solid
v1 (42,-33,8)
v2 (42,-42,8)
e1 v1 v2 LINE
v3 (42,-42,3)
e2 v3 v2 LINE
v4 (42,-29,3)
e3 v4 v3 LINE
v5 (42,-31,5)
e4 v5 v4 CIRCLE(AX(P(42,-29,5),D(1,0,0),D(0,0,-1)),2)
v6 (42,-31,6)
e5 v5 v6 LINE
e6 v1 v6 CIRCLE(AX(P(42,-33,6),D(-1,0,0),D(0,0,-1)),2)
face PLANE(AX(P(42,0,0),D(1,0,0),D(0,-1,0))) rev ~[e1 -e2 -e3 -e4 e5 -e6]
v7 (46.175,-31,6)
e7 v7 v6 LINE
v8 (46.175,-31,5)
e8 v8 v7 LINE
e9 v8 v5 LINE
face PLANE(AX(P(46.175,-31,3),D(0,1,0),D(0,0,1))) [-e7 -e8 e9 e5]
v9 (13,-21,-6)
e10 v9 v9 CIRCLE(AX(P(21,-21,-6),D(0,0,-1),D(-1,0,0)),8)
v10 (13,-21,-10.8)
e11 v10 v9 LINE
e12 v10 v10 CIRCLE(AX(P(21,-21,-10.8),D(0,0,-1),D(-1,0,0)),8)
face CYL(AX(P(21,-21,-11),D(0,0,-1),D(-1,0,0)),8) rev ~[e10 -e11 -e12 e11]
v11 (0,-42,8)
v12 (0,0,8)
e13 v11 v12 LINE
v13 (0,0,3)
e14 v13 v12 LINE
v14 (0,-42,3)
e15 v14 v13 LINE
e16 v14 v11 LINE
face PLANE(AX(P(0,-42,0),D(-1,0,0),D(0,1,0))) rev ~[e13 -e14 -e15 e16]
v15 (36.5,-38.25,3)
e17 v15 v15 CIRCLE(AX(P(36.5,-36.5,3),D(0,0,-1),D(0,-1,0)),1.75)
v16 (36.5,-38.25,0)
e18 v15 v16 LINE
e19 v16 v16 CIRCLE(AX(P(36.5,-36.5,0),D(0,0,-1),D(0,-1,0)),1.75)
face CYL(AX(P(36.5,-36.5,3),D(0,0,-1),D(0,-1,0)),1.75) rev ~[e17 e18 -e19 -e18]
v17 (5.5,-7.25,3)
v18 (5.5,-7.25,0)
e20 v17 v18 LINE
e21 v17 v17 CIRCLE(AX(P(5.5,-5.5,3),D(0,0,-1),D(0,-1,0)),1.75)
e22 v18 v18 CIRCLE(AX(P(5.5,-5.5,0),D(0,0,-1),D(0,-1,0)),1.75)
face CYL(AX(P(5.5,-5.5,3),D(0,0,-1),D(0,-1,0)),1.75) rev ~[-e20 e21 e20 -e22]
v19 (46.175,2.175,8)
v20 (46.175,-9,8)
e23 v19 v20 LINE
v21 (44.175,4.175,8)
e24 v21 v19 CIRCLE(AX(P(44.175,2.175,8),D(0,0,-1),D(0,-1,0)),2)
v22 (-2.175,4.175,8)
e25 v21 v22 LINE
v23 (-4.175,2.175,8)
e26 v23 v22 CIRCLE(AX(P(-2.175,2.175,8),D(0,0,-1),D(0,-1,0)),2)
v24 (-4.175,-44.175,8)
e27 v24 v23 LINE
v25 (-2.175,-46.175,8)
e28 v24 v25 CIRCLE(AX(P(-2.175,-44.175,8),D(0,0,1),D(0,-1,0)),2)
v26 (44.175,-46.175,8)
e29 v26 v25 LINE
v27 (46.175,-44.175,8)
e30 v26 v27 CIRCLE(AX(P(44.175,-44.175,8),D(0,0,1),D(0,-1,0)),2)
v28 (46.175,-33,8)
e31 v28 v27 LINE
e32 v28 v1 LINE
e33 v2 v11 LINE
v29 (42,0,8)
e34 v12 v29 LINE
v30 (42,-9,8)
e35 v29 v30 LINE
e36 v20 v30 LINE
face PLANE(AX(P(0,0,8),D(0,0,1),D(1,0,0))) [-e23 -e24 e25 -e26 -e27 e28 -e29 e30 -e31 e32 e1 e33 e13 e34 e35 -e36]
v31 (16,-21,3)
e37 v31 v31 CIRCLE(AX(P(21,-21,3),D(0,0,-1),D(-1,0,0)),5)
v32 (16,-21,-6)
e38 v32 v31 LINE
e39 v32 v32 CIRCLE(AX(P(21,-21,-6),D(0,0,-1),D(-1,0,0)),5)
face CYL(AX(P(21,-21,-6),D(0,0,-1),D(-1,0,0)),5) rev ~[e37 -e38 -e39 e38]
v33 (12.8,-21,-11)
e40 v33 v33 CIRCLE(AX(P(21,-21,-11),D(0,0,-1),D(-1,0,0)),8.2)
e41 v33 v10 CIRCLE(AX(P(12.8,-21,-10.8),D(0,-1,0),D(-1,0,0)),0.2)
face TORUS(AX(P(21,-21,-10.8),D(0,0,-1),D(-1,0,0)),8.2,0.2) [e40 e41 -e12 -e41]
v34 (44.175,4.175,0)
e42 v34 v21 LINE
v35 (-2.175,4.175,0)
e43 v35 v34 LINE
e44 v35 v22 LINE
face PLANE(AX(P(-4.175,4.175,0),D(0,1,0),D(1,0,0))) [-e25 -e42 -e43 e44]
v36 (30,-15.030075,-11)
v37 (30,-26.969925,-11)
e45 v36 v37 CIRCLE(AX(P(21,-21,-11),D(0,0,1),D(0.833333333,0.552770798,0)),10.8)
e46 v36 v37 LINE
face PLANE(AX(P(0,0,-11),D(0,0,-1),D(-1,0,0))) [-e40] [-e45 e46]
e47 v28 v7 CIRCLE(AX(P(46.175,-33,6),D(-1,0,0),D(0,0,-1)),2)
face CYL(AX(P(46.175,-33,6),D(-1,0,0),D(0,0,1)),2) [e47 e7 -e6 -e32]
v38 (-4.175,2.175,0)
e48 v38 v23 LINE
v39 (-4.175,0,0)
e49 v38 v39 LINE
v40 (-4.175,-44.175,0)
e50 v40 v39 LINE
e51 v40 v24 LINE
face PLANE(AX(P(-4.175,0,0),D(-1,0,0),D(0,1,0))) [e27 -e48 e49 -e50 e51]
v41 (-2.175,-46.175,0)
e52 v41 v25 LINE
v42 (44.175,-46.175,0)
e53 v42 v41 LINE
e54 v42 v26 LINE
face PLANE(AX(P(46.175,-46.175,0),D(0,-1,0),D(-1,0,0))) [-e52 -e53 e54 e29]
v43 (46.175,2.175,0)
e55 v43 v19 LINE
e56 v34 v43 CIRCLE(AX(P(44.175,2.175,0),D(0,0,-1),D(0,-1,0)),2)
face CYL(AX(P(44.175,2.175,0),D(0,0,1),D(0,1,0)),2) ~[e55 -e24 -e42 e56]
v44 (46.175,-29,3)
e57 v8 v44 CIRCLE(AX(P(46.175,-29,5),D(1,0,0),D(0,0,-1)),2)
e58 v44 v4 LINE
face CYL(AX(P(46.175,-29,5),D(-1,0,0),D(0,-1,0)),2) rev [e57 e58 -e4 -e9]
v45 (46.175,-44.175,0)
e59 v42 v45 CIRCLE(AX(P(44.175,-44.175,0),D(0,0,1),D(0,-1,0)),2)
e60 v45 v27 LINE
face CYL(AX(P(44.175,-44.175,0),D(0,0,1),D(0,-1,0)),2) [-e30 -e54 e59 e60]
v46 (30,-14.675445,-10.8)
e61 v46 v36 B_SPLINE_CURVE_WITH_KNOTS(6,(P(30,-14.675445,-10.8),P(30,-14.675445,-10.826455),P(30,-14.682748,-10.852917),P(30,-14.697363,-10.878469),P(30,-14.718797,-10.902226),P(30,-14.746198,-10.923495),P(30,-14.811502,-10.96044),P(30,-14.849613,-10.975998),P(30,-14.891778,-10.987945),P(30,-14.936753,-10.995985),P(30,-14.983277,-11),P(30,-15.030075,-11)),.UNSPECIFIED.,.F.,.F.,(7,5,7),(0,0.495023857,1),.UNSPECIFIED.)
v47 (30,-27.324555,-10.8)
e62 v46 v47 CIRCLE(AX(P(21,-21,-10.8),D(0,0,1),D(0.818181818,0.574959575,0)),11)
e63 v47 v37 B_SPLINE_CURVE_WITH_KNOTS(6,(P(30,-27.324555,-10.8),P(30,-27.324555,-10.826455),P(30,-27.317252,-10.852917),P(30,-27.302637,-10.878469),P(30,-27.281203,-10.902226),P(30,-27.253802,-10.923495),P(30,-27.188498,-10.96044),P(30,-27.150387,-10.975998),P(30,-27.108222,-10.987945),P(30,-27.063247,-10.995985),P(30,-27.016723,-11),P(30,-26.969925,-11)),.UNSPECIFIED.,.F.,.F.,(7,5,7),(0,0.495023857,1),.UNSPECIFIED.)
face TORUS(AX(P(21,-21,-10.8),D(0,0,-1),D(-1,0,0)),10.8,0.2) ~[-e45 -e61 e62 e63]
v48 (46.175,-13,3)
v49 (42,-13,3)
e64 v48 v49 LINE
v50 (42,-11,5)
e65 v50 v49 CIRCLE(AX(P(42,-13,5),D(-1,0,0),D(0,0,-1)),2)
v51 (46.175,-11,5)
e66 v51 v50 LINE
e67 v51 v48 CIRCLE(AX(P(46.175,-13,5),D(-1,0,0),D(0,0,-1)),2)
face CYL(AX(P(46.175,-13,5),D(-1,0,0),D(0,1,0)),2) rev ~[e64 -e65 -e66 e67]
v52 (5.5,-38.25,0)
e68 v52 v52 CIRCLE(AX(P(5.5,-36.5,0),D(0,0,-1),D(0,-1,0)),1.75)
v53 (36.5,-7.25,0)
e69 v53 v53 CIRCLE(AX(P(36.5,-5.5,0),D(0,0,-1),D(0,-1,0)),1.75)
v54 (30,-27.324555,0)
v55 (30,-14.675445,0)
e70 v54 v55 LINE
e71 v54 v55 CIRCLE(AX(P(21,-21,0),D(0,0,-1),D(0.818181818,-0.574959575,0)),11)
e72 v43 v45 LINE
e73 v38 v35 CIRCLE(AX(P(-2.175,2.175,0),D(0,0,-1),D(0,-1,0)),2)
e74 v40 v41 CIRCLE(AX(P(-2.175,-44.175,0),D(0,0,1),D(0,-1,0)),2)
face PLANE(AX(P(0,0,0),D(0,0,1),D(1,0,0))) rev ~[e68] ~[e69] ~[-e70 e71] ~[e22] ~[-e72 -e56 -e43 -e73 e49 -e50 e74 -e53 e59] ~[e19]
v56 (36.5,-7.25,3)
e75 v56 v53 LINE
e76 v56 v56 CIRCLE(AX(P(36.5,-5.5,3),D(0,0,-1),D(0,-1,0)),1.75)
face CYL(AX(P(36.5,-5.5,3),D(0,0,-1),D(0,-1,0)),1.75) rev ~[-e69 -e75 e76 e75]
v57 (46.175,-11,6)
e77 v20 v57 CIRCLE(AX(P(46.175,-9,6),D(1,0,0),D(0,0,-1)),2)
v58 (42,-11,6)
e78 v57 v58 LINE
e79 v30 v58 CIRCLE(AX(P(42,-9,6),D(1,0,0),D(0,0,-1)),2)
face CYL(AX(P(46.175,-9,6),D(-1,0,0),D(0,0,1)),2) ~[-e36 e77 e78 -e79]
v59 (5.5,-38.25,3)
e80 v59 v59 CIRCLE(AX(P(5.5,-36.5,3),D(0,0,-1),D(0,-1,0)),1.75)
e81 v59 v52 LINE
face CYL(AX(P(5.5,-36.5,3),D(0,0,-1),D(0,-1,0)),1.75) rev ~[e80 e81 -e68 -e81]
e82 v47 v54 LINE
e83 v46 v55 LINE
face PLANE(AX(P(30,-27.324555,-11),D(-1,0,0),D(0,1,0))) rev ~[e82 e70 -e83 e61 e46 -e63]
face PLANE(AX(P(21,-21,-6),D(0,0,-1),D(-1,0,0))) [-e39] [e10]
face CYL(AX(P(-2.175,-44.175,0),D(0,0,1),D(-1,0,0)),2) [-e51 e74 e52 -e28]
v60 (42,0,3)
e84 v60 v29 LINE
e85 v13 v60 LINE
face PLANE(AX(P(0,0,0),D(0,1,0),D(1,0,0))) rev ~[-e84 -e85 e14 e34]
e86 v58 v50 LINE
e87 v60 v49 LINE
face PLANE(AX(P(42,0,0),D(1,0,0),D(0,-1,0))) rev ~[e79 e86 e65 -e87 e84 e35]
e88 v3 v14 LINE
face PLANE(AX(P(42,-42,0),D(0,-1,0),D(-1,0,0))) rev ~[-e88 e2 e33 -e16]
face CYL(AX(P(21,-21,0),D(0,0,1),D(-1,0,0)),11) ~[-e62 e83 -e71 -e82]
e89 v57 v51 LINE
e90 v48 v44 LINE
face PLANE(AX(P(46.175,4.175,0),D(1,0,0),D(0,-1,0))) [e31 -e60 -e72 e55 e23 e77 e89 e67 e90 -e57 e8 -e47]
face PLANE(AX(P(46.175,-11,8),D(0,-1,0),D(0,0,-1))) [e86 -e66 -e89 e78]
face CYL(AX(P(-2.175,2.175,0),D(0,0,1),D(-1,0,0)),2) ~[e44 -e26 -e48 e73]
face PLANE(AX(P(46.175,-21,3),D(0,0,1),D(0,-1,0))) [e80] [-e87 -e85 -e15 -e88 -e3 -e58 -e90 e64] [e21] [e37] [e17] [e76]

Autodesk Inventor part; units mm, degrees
ref_plane "YZ Plane" through (0, 0, 0) normal (1, 0, 0) x (0, 1, 0)
ref_plane "XZ Plane" through (0, 0, 0) normal (0, 1, 0) x (-1, 0, 0)
ref_plane "XY Plane" through (0, 0, 0) normal (0, 0, 1) x (1, 0, 0)
sketch "Sketch1" plane through (0, 0, 0) normal (0, 0, 1) x (1, 0, 0)
  line L0 (0, 0) -> (42, 0)
  line L1 (42, 0) -> (42, -42)
  line L2 (42, -42) -> (0, -42)
  line L3 (0, -42) -> (0, 0)
  line L4 (0, 0) -> (-1, 0)
  line L5 (-1, 0) -> (-4.175, 0)
  line L6 (-4.175, 0) -> (-4.175, 1)
  line L7 (-4.175, 1) -> (-4.175, 4.175)
  line L8 (-4.175, 4.175) -> (42, 4.175)
  line L9 (42, 4.175) -> (43, 4.175)
  line L10 (43, 4.175) -> (46.175, 4.175)
  line L11 (-4.175, 4.175) -> (46.175, 4.175)
  line L12 (46.175, 4.175) -> (46.175, -46.175)
  line L13 (46.175, -46.175) -> (-4.175, -46.175)
  line L14 (-4.175, -46.175) -> (-4.175, 4.175)
  dimension "d0" = 42
  dimension "d1" = 42
  dimension "d2" = 1
  dimension "d3" = 3.175
  dimension "d4" = 1
  dimension "d5" = 3.175
  dimension "d6" = 1
  dimension "d7" = 3.175
  dimension "d8" = 50.35
extrude "Extrusion1" add sketch "Sketch1" along normal blind 8
sketch "Sketch2" plane through (0, 0, 0) normal (0, 0, -1) x (-1, 0, 0)
  line L0 (0, -42) -> (0, 0) projected
  line L1 (-42, 0) -> (-42, -42) projected
  line L2 (0, 0) -> (-42, 0)
  line L3 (-42, 0) -> (-42, -42)
  line L4 (-42, -42) -> (0, -42)
  line L5 (0, -42) -> (0, 0)
extrude "Extrusion2" add sketch "Sketch2" against normal blind 3
sketch "Sketch3" plane through (0, 0, 3) normal (0, 0, 1) x (1, 0, 0)
  line L0 (0, -42) -> (0, 0) projected
  line L1 (0, -42) -> (21, -42)
  line L2 (42, 0) -> (42, -42) projected
  line L3 (21, -42) -> (21, -21)
  line L4 (21, -21) -> (21, -36.5)
  line L5 (21, -36.5) -> (36.5, -36.5)
  line L6 (36.5, -36.5) -> (5.5, -36.5)
  line L7 (5.5, -36.5) -> (5.5, -5.5)
  line L8 (5.5, -5.5) -> (36.5, -5.5)
  line L9 (36.5, -5.5) -> (36.5, -36.5)
  dimension "d13" = 21
  dimension "d14" = 21
  dimension "d15" = 15.5
  dimension "d16" = 15.5
  dimension "d17" = 31
  dimension "d18" = 31
hole "Hole1" at (5.5, -5.5, 3) at (36.5, -5.5, 3) at (36.5, -36.5, 3) at (5.5, -36.5, 3) direction (0, 0, -1) diameter 3.5 depth 3.5
sketch "Sketch4" plane through (46.175, -46.175, 0) normal (1, 0, 0) x (0, 0, -1)
  line L0 (0, 0) -> (0, 50.35) projected
  line L1 (0, 25.175) -> (-3, 25.175)
  line L2 (-3, 46.175) -> (-3, 4.175) projected
  line L3 (-3, 25.175) -> (-3, 15.175)
  line L4 (-8, 46.175) -> (-8, 4.175) projected
  line L5 (-3, 15.175) -> (-8, 15.175)
  line L6 (-8, 15.175) -> (-8, 35.175)
  line L7 (-8, 35.175) -> (-3, 35.175)
  line L8 (-3, 35.175) -> (-3, 15.175)
  point P0 (0, 46.175)
  dimension "d26" = 10
  dimension "d27" = 20
extrude "Extrusion3" cut sketch "Sketch4" against normal blind 5
fillet "Fillet1" radius 2 8 edges at (44.0875, -11, 3) (44.0875, -31, 3) (44.0875, -11, 8) (44.0875, -31, 8) (46.175, 4.175, 4) (46.175, -46.175, 4) (-4.175, -46.175, 4) (-4.175, 4.175, 4)
sketch "Sketch5" plane through (0, 0, 3) normal (0, 0, 1) x (1, 0, 0)
  line L0 (42, 0) -> (42, -9) projected
  line L1 (42, 0) -> (21, 0)
  line L2 (0, 0) -> (42, 0) projected
  line L3 (21, 0) -> (21, -21)
  dimension "d31" = 21
sketch "Sketch6" plane through (0, 0, 0) normal (0, 0, -1) x (-1, 0, 0)
  line L0 (0, 0) -> (-42, 0) projected
  line L1 (-21, 0) -> (-21, -21)
  circle A0 centre (-21, -21) radius 11
  dimension "d32" = 21
  dimension "d33" = 22
extrude "Extrusion4" add sketch "Sketch6" along normal blind 11
sketch "Sketch7" plane through (21, -21, -11) normal (0, 0, -1) x (-1, 0, 0)
  circle A0 centre (0, 0) radius 8
  point P0 (21, 21)
  dimension "d36" = 16
extrude "Extrusion5" cut sketch "Sketch7" against normal blind 5
sketch "Sketch8" plane through (21, -21, -6) normal (0, 0, -1) x (-1, 0, 0)
  circle A0 centre (0, 0) radius 5
  point P0 (21, 21)
  dimension "d39" = 10
extrude "Extrusion6" cut sketch "Sketch8" against normal blind 10
fillet "Fillet2" radius 0.2 2 edges at (29, -21, -11) (32, -21, -11)
sketch "Sketch9" plane through (21, -21, -11) normal (0, 0, -1) x (-1, 0, 0)
  line L0 (0, 0) -> (-11, 0)
  circle A0 centre (0, 0) radius 11 projected
  line L1 (-11, 0) -> (-11, -11)
  line L2 (-11, -11) -> (-9, -11)
  line L3 (-9, -11) -> (-9, 11)
  line L4 (-9, 11) -> (-11, 11)
  line L5 (-11, 11) -> (-11, -11)
  point P0 (21, 21)
  dimension "d43" = 11
  dimension "d44" = 2
  dimension "d45" = 22
extrude "Extrusion7" cut sketch "Sketch9" against normal blind 11 contours L3 A0 L0 | L0 A0 L3 | L5 L4 L3 A0 | A0 L3 L2 L1
properties part number "Yaw Shaft Mount"
